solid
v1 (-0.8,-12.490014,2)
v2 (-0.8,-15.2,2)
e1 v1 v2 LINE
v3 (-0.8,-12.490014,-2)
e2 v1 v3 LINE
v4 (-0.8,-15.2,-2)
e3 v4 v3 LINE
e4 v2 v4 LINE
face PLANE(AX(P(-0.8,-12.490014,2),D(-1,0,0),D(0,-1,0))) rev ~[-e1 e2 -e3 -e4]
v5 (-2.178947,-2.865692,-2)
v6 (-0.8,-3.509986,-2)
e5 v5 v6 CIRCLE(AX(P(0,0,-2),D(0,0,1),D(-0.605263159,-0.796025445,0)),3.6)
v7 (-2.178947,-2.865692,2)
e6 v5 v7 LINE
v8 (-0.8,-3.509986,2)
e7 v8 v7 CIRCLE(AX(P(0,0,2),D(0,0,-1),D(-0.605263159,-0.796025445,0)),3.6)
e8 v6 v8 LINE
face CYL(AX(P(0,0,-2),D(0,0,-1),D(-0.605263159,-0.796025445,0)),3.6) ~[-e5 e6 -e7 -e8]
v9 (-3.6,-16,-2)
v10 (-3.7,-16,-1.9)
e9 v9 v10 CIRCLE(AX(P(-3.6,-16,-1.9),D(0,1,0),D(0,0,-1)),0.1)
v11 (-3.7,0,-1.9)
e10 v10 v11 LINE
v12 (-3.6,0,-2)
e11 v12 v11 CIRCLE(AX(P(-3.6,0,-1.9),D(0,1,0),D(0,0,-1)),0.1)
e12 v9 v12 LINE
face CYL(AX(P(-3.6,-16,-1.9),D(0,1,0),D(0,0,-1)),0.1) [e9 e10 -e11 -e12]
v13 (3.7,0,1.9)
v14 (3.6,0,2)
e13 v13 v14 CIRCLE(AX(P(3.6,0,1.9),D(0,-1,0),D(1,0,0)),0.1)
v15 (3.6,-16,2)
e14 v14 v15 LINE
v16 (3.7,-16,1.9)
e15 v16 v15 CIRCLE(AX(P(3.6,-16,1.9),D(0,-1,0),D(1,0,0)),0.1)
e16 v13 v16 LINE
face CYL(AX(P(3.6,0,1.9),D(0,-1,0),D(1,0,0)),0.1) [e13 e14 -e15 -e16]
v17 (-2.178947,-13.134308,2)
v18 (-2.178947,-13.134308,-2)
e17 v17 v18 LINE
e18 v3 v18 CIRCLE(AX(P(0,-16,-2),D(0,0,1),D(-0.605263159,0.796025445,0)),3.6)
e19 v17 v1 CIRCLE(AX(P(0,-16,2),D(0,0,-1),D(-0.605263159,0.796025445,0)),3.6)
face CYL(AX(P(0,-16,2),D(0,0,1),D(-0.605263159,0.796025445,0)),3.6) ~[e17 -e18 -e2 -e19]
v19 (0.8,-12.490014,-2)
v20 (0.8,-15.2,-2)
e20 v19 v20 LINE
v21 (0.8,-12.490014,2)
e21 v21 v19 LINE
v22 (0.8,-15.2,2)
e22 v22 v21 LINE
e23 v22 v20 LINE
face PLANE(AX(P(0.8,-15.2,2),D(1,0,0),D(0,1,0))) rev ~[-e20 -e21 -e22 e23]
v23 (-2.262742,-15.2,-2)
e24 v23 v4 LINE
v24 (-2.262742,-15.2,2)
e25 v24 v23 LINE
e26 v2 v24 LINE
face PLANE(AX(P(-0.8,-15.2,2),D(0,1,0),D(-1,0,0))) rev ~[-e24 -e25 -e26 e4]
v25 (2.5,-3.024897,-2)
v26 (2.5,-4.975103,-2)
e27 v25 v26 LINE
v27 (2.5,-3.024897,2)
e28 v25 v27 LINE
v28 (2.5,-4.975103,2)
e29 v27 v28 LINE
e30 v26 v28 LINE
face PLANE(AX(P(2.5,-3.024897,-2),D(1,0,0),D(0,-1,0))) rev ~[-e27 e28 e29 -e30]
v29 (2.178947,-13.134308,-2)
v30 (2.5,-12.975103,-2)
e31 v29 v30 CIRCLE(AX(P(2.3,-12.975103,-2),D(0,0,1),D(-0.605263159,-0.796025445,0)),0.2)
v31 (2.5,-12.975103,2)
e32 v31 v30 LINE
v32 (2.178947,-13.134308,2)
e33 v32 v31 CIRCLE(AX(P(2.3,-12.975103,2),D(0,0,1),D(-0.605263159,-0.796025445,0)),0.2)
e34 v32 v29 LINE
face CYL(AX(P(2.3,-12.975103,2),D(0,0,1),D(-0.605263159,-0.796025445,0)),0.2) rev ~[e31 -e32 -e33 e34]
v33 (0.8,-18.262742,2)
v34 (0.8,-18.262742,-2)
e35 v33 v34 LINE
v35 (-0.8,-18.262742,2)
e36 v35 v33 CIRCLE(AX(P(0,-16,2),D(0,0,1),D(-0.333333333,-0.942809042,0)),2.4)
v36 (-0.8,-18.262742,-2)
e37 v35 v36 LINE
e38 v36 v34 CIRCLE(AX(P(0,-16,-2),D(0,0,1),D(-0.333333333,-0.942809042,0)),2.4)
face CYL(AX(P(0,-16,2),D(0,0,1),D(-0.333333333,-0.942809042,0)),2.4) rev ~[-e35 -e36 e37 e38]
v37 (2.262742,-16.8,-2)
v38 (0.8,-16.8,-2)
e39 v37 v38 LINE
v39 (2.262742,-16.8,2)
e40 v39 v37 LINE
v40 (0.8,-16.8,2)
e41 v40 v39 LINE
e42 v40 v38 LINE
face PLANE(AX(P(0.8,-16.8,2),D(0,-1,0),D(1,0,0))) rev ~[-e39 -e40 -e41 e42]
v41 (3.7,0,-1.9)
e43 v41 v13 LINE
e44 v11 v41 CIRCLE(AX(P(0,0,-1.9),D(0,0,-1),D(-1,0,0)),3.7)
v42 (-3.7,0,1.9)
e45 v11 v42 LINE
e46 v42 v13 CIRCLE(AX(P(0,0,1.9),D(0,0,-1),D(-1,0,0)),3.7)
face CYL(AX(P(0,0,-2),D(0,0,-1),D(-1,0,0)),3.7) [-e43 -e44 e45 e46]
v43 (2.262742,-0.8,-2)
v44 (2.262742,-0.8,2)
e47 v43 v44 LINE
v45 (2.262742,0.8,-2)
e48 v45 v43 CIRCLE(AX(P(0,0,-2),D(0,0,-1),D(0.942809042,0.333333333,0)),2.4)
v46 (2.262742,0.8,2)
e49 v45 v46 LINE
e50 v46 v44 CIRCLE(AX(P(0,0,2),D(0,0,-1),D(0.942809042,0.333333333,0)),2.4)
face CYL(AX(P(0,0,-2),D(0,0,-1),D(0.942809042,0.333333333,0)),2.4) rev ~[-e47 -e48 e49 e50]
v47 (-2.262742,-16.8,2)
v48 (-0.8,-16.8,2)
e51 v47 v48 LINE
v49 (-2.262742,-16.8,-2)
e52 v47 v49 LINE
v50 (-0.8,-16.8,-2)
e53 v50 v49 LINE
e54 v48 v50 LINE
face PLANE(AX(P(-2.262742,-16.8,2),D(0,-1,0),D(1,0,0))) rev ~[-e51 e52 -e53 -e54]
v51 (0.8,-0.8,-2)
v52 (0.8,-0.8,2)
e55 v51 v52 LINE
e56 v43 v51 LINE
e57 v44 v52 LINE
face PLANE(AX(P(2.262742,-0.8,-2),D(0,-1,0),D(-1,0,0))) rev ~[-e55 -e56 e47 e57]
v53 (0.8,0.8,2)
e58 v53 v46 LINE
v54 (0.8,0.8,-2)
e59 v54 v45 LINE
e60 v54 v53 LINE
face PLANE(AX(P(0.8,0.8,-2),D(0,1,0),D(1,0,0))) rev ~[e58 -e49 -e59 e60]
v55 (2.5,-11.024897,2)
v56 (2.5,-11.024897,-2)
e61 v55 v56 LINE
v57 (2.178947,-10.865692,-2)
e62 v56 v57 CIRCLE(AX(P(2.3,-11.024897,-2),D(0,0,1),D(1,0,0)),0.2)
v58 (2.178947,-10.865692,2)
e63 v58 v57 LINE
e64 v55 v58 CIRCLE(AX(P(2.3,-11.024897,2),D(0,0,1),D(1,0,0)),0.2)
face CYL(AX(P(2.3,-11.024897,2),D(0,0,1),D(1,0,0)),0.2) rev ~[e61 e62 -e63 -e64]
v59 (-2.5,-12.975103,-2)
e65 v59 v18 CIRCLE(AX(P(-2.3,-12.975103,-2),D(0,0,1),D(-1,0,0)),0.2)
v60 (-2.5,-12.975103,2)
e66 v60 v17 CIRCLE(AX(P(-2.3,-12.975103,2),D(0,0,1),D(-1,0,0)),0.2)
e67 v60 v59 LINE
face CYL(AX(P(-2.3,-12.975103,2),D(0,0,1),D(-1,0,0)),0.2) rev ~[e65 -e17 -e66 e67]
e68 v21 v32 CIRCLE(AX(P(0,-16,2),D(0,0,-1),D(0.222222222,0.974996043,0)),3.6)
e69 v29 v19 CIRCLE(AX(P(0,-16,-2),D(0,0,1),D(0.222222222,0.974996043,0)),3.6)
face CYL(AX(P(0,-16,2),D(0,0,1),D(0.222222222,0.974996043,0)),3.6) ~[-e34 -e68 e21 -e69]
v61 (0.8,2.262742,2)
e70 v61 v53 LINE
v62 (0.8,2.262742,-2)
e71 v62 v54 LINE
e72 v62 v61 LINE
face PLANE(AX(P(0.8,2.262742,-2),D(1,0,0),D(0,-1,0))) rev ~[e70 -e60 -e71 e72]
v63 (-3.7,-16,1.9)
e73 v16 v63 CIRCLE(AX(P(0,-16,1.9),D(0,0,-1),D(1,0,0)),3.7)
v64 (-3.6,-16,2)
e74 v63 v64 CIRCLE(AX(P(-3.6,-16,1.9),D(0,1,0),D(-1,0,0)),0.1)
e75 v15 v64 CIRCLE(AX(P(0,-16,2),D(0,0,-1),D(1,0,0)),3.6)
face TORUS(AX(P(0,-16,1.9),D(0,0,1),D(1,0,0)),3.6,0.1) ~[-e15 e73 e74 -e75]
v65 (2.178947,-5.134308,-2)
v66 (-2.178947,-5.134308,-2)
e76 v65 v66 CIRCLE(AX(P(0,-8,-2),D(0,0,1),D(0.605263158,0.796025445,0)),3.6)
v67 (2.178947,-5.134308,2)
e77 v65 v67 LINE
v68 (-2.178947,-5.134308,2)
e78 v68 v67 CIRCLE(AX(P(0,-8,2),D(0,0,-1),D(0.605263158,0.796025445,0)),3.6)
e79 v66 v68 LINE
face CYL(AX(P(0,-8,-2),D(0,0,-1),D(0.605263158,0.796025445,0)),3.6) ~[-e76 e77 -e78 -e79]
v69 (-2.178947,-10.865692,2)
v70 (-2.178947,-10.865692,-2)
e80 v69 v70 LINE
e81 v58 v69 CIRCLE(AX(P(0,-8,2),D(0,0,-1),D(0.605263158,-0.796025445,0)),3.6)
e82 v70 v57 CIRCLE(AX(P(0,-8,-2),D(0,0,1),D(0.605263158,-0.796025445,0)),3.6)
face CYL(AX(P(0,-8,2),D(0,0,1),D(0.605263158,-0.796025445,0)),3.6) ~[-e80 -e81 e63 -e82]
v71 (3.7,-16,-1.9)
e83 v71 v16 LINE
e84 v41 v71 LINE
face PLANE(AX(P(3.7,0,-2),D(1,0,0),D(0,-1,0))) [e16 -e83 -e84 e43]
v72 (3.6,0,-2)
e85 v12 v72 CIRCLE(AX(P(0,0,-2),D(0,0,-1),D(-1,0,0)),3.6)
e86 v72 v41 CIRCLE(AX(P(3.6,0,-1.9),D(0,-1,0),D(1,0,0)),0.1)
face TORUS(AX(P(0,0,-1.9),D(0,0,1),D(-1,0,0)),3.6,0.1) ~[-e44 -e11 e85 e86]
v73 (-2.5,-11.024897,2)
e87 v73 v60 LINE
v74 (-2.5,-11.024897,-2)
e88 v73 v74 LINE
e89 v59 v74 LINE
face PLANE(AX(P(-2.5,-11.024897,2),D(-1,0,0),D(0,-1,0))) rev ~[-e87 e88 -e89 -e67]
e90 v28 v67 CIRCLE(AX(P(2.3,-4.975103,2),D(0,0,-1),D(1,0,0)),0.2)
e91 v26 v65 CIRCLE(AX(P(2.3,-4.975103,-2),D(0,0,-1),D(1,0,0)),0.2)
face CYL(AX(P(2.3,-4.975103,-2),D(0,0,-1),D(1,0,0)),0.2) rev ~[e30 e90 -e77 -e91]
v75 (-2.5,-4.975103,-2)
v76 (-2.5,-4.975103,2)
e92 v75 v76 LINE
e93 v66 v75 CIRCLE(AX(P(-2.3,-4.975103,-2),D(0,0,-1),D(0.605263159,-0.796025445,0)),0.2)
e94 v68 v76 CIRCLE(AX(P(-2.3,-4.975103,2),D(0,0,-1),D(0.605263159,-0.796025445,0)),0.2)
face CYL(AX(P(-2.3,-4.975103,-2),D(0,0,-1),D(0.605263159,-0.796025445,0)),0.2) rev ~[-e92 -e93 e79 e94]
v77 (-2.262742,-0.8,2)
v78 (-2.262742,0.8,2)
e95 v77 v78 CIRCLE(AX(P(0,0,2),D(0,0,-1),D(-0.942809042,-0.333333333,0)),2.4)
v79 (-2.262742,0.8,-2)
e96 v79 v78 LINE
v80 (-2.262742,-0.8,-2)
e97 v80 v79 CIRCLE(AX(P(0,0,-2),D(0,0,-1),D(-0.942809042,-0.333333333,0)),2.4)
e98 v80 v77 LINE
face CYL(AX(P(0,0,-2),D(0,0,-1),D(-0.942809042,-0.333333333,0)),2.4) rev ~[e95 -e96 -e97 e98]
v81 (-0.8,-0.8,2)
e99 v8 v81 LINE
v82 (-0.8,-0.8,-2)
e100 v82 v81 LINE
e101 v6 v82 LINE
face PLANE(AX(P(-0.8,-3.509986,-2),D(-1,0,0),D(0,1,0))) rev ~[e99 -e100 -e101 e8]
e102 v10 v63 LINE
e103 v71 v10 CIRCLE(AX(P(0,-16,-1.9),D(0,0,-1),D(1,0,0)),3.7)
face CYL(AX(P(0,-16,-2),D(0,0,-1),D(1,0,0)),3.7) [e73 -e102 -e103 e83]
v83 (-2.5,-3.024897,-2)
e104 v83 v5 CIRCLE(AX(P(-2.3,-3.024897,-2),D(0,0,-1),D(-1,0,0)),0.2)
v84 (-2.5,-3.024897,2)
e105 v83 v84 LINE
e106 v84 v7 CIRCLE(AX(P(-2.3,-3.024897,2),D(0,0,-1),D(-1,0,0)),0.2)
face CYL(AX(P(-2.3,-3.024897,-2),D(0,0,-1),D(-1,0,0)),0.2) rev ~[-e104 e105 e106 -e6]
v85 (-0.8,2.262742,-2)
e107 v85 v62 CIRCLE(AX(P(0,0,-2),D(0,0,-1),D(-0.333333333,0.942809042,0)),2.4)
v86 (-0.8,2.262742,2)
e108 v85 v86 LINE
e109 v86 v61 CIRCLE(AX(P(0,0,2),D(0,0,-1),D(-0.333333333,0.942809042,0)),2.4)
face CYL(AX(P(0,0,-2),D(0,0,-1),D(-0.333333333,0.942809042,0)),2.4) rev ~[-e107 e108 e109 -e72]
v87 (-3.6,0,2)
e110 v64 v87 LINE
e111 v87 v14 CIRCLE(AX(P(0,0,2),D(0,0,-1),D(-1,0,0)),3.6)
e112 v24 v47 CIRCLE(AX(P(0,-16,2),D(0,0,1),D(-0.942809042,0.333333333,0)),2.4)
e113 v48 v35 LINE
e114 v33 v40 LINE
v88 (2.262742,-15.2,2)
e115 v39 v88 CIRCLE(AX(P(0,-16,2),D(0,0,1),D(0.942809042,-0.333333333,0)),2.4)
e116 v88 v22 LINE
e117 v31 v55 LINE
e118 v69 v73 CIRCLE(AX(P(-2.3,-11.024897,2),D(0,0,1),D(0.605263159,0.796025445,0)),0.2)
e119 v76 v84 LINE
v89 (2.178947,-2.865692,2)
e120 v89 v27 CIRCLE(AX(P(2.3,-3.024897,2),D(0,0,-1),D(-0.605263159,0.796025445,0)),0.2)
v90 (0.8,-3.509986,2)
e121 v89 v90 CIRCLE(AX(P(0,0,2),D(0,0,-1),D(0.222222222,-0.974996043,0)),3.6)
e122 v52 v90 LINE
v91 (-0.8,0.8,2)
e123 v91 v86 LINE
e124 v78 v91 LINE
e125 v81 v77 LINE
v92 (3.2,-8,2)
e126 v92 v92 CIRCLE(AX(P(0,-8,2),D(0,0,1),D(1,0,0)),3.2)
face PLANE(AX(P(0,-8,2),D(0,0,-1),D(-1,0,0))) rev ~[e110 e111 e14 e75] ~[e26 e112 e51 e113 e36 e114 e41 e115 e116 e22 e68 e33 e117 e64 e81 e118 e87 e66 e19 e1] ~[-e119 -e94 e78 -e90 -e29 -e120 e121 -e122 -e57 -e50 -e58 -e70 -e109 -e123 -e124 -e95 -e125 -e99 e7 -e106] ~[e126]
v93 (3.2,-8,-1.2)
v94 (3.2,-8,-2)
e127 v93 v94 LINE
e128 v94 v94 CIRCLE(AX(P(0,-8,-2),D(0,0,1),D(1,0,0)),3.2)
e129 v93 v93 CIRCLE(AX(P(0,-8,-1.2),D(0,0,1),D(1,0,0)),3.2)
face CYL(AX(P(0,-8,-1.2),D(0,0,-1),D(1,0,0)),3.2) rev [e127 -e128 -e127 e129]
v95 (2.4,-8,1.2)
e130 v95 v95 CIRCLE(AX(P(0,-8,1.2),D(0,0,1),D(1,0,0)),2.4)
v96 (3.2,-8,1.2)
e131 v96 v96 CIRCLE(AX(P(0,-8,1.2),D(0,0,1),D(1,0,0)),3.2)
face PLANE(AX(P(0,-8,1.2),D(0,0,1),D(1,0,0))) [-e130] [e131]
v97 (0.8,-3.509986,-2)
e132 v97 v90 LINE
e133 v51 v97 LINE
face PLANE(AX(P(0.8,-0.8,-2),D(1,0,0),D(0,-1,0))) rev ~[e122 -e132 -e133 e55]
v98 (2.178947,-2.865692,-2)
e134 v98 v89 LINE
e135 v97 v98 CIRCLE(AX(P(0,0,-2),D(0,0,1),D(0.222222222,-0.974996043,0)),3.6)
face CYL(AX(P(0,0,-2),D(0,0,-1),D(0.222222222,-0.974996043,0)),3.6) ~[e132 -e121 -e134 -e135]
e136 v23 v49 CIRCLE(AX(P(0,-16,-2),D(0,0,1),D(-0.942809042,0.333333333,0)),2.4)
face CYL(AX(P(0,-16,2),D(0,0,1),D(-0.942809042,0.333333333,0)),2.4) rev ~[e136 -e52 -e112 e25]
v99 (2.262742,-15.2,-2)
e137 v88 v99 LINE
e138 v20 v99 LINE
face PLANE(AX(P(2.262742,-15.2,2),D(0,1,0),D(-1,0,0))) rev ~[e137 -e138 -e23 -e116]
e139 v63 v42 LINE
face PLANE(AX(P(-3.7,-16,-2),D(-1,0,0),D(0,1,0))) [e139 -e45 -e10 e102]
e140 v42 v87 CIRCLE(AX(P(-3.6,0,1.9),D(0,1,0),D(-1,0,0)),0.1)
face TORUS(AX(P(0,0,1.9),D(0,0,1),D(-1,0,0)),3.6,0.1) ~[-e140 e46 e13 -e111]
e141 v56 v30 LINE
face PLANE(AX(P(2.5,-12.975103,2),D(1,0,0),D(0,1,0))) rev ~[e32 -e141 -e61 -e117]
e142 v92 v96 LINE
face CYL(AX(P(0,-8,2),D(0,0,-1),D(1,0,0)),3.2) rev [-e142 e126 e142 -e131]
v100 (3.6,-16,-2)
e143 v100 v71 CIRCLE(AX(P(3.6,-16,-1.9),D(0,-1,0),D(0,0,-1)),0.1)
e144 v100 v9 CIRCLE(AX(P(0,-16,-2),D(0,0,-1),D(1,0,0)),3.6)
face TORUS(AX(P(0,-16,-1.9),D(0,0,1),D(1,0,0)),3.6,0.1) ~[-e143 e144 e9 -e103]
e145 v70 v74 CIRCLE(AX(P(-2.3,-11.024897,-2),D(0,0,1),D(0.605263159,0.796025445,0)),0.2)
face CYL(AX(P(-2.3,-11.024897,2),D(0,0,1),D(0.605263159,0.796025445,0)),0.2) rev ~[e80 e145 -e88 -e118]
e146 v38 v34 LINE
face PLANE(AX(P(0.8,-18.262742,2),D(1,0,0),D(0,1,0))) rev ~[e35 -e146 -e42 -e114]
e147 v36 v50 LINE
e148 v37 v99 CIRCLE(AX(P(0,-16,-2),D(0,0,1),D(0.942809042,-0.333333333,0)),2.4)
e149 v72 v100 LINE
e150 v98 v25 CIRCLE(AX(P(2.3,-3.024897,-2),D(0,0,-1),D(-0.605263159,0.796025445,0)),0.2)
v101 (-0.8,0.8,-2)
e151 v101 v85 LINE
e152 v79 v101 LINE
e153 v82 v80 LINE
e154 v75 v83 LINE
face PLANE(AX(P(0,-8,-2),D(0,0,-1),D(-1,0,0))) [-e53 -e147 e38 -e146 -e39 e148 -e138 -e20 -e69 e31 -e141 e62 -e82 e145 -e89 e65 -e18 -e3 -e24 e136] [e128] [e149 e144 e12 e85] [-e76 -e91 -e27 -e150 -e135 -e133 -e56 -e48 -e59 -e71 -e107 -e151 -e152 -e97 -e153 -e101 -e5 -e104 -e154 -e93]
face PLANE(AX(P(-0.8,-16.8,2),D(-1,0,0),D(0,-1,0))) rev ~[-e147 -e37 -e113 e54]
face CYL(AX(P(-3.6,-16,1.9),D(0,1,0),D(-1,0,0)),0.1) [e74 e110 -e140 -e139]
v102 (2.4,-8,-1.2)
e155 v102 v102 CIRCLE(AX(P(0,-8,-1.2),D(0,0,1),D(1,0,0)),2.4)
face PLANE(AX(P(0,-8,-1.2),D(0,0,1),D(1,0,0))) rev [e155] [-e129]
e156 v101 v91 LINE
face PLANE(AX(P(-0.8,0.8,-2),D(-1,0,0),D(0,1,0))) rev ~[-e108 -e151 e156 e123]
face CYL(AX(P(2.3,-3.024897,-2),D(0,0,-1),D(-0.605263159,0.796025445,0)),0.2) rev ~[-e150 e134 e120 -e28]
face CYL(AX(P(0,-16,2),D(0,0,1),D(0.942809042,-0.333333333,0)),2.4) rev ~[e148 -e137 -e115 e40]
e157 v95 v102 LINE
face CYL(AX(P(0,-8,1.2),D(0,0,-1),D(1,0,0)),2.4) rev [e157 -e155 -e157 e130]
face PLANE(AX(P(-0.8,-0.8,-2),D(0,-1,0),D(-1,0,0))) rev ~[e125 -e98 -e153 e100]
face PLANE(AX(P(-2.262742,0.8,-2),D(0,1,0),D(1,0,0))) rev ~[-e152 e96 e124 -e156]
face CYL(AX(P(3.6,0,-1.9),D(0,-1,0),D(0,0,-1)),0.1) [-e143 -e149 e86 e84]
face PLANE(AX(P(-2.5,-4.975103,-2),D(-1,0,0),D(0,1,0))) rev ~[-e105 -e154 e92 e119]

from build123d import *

# Parameters (mm, degrees)
BOSS_EXTRUDE1_DEPTH = 4
CUT_EXTRUDE1_DEPTH  = 21.439667316
CUT_EXTRUDE2_DEPTH  = 21.439667316
FILLET1_R           = 0.1


with BuildPart() as part:
    # Sketch1 → Boss-Extrude1 (new body)
    with BuildSketch(Plane(origin=(0, 0, -2), x_dir=(-1, 0, 0), z_dir=(0, 0, -1))):
        with BuildLine():
            Line((-3.7, 0), (-3.7, -16))
            ThreePointArc((-3.7, -16), (0, -19.7), (3.7, -16))
            Line((3.7, -16), (3.7, 0))
            ThreePointArc((3.7, 0), (0, 3.7), (-3.7, 0))
        make_face()
    extrude(amount=-BOSS_EXTRUDE1_DEPTH)

    # Sketch2 → Cut-Extrude1 (cut, through all)
    with BuildSketch(Plane(origin=(0, 0, -2), x_dir=(-1, 0, 0), z_dir=(0, 0, -1))):
        with BuildLine():
            Line((-0.8, -0.8), (-0.8, -3.509985755))
            ThreePointArc((-0.8, -3.509985755), (-1.523912922, -3.261547088), (-2.178947368, -2.865691603))
            ThreePointArc((-2.178947368, -2.865691603), (-2.388852332, -2.845717276), (-2.5, -3.024896692))
            Line((-2.5, -3.024896692), (-2.5, -4.975103308))
            ThreePointArc((-2.5, -4.975103308), (-2.388852332, -5.154282724), (-2.178947368, -5.134308397))
            ThreePointArc((-2.178947368, -5.134308397), (0, -4.4), (2.178947368, -5.134308397))
            ThreePointArc((2.178947368, -5.134308397), (2.388852332, -5.154282724), (2.5, -4.975103308))
            Line((2.5, -4.975103308), (2.5, -3.024896692))
            ThreePointArc((2.5, -3.024896692), (2.388852332, -2.845717276), (2.178947368, -2.865691603))
            ThreePointArc((2.178947368, -2.865691603), (1.523912922, -3.261547088), (0.8, -3.509985755))
            Line((0.8, -3.509985755), (0.8, -0.8))
            Line((0.8, -0.8), (2.2627417, -0.8))
            ThreePointArc((2.2627417, -0.8), (2.4, 0), (2.2627417, 0.8))
            Line((2.2627417, 0.8), (0.8, 0.8))
            Line((0.8, 0.8), (0.8, 2.2627417))
            ThreePointArc((0.8, 2.2627417), (0, 2.4), (-0.8, 2.2627417))
            Line((-0.8, 2.2627417), (-0.8, 0.8))
            Line((-0.8, 0.8), (-2.2627417, 0.8))
            ThreePointArc((-2.2627417, 0.8), (-2.4, 0), (-2.2627417, -0.8))
            Line((-2.2627417, -0.8), (-0.8, -0.8))
        make_face()
    extrude(amount=-CUT_EXTRUDE1_DEPTH, mode=Mode.SUBTRACT)

    # Sketch3 → Cut-Extrude2 (cut, through all)
    with BuildSketch(Plane.XY.offset(2)):
        with BuildLine():
            Line((2.5, -12.975103308), (2.5, -11.024896692))
            ThreePointArc((2.5, -11.024896692), (2.388852332, -10.845717276), (2.178947368, -10.865691603))
            ThreePointArc((2.178947368, -10.865691603), (0, -11.6), (-2.178947368, -10.865691603))
            ThreePointArc((-2.178947368, -10.865691603), (-2.388852332, -10.845717276), (-2.5, -11.024896692))
            Line((-2.5, -11.024896692), (-2.5, -12.975103308))
            ThreePointArc((-2.5, -12.975103308), (-2.388852332, -13.154282724), (-2.178947368, -13.134308397))
            ThreePointArc((-2.178947368, -13.134308397), (-1.523912922, -12.738452912), (-0.8, -12.490014245))
            Line((-0.8, -12.490014245), (-0.8, -15.2))
            Line((-0.8, -15.2), (-2.2627417, -15.2))
            ThreePointArc((-2.2627417, -15.2), (-2.4, -16), (-2.2627417, -16.8))
            Line((-2.2627417, -16.8), (-0.8, -16.8))
            Line((-0.8, -16.8), (-0.8, -18.2627417))
            ThreePointArc((-0.8, -18.2627417), (0, -18.4), (0.8, -18.2627417))
            Line((0.8, -18.2627417), (0.8, -16.8))
            Line((0.8, -16.8), (2.2627417, -16.8))
            ThreePointArc((2.2627417, -16.8), (2.4, -16), (2.2627417, -15.2))
            Line((2.2627417, -15.2), (0.8, -15.2))
            Line((0.8, -15.2), (0.8, -12.490014245))
            ThreePointArc((0.8, -12.490014245), (1.523912922, -12.738452912), (2.178947368, -13.134308397))
            ThreePointArc((2.178947368, -13.134308397), (2.388852332, -13.154282724), (2.5, -12.975103308))
        make_face()
    extrude(amount=-CUT_EXTRUDE2_DEPTH, mode=Mode.SUBTRACT)

    # Sketch4 → Cut-Revolve1 (revolve, cut)
    with BuildSketch(Plane(origin=(0, -8, 0), x_dir=(1, 0, 0), z_dir=(0, 1, 0))):
        Polygon((3.2, 2), (0, 2), (0, -2), (3.2, -2), (3.2, -1.2), (2.4, -1.2), (2.4, 1.2), (3.2, 1.2), align=None)
    revolve(axis=Axis((0, -8, -2), (0, 0, 1)), mode=Mode.SUBTRACT)

    # Fillet1
    fillet1_edges = [part.edges().sort_by_distance(p)[0] for p in [
        (0, -19.7, 2),
        (-3.7, -8, 2),
        (0, 3.7, 2),
        (-3.7, -8, -2),
        (0, -19.7, -2),
        (3.7, -8, -2),
        (0, 3.7, -2),
        (3.7, -8, 2),
    ]]
    fillet(fillet1_edges, radius=FILLET1_R)


solid = part.part
